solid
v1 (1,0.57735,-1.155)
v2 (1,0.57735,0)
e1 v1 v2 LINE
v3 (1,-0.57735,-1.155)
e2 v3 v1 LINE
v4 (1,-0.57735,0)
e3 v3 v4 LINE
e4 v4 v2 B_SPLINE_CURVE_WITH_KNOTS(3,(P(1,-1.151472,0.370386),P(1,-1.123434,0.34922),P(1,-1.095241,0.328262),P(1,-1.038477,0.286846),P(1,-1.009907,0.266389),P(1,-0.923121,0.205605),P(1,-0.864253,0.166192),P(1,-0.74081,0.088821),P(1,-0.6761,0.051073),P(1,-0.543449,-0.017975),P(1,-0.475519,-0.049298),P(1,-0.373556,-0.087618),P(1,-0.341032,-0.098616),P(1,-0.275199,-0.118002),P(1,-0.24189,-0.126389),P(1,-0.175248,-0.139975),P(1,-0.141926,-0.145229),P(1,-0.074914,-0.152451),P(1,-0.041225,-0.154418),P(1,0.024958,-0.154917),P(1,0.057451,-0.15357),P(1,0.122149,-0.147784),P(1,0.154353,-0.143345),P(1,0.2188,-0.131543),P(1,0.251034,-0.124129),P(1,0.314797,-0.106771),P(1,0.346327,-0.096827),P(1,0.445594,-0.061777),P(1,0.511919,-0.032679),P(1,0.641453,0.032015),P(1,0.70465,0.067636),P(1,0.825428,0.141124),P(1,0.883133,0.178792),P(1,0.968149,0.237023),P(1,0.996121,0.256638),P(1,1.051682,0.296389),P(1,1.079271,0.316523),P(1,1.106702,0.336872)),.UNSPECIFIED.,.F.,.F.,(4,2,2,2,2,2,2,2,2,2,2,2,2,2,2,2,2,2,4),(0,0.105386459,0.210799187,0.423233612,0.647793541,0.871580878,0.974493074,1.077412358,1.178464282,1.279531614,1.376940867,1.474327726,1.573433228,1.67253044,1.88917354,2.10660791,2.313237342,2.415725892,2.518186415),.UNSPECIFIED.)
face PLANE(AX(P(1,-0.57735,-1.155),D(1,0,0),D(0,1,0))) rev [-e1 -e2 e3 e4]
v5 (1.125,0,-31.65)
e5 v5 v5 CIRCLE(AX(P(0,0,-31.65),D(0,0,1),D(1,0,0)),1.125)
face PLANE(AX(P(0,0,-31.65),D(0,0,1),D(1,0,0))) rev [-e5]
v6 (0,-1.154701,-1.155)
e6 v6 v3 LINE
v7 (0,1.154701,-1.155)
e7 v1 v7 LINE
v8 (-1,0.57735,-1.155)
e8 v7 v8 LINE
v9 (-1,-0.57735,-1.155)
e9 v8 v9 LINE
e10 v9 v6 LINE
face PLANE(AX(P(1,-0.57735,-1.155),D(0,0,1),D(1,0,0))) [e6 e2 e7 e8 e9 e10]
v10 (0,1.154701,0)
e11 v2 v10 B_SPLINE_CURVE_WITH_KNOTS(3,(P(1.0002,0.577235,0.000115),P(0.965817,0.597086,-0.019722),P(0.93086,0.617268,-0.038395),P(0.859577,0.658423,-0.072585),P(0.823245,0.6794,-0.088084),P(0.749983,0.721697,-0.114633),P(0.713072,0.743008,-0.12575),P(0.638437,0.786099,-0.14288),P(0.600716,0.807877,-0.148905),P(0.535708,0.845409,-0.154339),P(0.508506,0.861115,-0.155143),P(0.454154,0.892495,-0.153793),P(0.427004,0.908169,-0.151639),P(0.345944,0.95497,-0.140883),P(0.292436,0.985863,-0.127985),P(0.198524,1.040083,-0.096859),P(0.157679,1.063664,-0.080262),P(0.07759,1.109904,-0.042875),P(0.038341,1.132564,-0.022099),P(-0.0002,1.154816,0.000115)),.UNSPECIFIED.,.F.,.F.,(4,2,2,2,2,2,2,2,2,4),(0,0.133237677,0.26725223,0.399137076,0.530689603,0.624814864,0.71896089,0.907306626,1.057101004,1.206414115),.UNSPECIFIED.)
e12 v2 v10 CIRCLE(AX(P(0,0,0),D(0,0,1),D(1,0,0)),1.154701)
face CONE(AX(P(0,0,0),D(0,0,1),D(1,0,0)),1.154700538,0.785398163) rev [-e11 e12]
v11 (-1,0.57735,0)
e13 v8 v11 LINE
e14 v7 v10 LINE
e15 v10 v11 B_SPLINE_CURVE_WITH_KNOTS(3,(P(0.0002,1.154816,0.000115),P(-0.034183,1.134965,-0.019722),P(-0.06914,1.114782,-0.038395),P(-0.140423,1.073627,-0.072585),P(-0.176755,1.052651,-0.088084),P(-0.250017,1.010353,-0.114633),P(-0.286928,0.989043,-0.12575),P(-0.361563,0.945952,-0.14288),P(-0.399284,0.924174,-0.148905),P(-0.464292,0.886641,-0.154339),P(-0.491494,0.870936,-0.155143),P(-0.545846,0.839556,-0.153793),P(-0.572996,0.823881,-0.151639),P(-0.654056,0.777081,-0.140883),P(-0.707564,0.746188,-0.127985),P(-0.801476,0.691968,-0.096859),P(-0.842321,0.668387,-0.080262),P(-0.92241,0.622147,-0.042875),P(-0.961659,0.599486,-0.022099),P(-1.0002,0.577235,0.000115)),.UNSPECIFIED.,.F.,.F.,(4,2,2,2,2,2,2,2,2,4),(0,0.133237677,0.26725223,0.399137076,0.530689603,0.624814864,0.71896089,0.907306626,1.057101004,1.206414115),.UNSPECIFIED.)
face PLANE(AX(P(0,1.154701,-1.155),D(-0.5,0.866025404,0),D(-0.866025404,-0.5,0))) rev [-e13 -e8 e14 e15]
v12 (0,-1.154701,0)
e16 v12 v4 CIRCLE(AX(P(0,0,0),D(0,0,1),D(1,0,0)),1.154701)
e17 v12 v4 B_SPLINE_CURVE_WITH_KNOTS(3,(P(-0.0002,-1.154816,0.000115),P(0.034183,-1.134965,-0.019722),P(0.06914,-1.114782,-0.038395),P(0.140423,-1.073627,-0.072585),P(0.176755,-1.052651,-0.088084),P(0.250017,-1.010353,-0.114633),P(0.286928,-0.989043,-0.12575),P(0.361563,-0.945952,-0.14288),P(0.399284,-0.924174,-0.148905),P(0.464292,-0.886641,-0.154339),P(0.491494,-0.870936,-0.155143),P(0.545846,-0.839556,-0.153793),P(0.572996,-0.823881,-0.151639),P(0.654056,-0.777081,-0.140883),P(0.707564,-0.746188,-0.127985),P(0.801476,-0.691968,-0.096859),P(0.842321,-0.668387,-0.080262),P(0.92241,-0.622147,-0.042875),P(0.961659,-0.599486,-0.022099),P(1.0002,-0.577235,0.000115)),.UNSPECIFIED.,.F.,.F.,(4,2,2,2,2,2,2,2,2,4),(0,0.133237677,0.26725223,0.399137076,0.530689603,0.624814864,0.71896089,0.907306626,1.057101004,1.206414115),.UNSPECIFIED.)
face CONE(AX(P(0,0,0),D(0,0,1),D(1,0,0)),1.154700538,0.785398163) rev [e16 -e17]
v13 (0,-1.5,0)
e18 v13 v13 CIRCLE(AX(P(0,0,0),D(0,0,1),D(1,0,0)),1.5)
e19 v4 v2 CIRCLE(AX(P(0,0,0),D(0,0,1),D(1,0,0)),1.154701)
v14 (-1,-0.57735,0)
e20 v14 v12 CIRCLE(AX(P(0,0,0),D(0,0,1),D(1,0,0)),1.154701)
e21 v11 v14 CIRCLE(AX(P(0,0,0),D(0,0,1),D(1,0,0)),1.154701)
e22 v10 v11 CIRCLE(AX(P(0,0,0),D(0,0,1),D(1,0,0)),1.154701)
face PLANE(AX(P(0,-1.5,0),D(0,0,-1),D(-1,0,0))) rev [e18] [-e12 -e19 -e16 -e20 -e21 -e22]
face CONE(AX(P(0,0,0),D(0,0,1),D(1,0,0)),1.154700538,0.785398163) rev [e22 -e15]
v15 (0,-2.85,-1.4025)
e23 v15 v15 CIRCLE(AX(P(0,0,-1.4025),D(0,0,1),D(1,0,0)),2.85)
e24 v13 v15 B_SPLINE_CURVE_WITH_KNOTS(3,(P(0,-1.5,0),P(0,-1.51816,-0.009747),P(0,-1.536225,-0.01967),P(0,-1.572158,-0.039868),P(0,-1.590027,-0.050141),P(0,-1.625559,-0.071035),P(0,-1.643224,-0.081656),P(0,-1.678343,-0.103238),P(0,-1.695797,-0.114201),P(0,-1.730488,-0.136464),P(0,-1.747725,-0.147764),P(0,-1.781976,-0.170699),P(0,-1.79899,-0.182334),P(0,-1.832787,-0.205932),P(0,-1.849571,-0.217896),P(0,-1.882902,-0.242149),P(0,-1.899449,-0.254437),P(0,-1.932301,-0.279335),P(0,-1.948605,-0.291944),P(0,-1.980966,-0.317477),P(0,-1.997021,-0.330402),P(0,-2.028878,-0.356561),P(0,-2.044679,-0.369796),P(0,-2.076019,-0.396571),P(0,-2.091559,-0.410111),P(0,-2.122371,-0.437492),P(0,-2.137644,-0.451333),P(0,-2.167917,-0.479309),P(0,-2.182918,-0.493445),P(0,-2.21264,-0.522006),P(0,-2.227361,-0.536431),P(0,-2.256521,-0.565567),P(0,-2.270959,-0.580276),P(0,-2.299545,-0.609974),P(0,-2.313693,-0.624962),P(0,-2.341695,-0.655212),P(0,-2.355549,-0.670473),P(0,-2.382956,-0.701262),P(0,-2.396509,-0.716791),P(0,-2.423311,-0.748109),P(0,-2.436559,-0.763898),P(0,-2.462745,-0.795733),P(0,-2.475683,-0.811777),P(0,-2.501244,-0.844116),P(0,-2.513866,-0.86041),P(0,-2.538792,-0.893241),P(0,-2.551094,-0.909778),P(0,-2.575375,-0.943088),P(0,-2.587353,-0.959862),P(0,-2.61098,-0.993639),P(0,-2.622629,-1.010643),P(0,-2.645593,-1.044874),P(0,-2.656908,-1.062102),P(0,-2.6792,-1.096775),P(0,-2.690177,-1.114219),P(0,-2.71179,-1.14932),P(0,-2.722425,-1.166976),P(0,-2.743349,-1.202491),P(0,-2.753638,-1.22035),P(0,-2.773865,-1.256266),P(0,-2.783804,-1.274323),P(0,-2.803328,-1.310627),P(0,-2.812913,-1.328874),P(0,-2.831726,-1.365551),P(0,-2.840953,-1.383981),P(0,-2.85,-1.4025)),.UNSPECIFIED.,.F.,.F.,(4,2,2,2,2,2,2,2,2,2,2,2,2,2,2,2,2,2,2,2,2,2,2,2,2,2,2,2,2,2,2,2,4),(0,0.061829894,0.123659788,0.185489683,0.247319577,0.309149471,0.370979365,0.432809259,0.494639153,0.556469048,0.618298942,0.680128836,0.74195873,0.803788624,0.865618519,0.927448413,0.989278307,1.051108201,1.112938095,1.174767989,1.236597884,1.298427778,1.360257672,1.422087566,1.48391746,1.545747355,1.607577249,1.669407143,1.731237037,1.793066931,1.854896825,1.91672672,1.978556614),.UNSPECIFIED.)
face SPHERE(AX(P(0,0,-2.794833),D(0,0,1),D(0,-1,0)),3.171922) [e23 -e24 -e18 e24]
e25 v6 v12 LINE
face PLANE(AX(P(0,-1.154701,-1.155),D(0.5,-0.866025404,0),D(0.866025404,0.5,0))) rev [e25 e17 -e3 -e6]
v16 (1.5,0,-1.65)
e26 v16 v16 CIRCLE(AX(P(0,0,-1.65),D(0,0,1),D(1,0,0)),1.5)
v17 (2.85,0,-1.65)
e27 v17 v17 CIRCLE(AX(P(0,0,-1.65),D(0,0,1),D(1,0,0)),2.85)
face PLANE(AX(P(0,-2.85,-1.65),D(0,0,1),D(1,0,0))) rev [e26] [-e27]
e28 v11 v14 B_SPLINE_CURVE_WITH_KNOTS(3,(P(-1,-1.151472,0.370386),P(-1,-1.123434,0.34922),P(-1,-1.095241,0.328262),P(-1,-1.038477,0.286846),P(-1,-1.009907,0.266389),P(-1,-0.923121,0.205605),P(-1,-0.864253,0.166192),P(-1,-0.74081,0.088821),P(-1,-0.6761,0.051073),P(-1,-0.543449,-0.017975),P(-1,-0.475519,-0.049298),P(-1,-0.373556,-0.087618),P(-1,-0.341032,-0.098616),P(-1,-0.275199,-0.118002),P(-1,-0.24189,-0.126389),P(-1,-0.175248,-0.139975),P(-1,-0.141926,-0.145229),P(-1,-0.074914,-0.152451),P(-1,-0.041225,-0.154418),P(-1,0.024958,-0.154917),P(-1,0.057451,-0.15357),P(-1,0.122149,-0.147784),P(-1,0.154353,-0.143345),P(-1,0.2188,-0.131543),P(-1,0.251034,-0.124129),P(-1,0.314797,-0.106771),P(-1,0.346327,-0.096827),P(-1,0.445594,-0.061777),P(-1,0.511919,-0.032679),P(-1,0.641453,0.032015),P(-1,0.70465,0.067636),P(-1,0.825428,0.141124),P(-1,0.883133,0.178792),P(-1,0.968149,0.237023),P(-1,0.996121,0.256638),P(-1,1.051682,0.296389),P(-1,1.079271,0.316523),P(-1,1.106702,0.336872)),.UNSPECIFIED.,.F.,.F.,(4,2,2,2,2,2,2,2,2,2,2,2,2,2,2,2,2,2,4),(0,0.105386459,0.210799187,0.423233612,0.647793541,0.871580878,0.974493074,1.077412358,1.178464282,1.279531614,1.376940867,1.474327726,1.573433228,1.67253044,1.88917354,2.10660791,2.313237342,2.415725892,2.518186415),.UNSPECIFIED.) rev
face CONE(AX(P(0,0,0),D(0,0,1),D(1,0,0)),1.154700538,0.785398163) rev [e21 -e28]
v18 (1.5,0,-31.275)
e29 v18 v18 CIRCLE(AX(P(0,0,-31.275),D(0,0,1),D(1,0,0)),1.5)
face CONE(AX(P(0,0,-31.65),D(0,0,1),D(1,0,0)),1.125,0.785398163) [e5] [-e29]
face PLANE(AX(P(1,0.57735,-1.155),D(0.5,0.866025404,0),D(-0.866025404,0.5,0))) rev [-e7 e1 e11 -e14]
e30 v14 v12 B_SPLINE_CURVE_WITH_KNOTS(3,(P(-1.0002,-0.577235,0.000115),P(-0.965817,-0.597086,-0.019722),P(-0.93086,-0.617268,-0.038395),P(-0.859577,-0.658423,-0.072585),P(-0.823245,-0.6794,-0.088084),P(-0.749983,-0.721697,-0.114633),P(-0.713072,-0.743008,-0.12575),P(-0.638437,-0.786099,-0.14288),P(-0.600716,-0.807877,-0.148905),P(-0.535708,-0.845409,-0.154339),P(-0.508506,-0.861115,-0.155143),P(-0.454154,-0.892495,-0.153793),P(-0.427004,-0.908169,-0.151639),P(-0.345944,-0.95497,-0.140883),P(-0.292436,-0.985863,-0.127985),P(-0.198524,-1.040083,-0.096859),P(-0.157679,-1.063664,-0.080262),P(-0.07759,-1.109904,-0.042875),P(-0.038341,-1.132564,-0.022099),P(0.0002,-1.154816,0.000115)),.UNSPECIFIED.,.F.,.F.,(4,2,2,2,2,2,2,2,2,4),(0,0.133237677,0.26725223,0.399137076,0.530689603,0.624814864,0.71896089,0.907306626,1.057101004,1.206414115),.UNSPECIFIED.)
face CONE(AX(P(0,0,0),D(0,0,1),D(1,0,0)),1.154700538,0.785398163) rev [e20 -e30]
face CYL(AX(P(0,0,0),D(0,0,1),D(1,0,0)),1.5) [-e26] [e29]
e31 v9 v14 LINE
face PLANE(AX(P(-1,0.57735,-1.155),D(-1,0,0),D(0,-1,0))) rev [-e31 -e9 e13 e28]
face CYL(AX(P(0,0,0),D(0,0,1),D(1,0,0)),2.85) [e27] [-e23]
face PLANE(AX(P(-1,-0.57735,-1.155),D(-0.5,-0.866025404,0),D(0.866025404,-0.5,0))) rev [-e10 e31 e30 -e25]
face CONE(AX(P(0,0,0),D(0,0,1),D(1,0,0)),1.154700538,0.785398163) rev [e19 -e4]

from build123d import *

# Parameters (mm, degrees)
CUT_EXTRUDE2_DEPTH = 1.155


with BuildPart() as part:
    # Sketch10 → Revolve3 (revolve)
    with BuildSketch(Plane(origin=(0, 0, 0), x_dir=(0, 0, -1), z_dir=(1, 0, 0))):
        Polygon((31.275, 1.5), (31.65, 1.125), (31.65, 0), (1.65, 0), (1.65, 1.5), align=None)
    revolve(axis=Axis((0, 0, 0), (0, 0, -1)))

    # Sketch7 → Revolve2 (revolve)
    with BuildSketch(Plane(origin=(0, 0, 0), x_dir=(0, 0, -1), z_dir=(1, 0, 0))):
        with BuildLine():
            Line((1.4025, 2.85), (1.65, 2.85))
            Line((1.65, 2.85), (1.65, 0))
            Line((1.65, 0), (0, 0))
            Line((0, 0), (0, 1.5))
            ThreePointArc((0, 1.5), (0.59512511, 2.285251969), (1.4025, 2.85))
        make_face()
    revolve(axis=Axis((0, 0, 0), (0, 0, -1)))

    # Sketch5 → Cut-Extrude2 (cut)
    with BuildSketch(Plane.XY):
        Polygon((1, -0.577350269), (1, 0.577350269), (0, 1.154700538), (-1, 0.577350269), (-1, -0.577350269), (0, -1.154700538), align=None)
    extrude(amount=-CUT_EXTRUDE2_DEPTH, mode=Mode.SUBTRACT)

    # Cut-Extrude3 cone 1 section (through the dimple's axis) → Cut-Extrude3 (revolve, cut)
    with BuildSketch(Plane(origin=(0, 0, 0), x_dir=(0, -1, 0), z_dir=(1, 0, 0))):
        Polygon((0, 0), (1.154700538, 0), (0, 1.154700538), align=None)
    revolve(axis=Axis((0, 0, 0), (0, 0, -1)), mode=Mode.SUBTRACT)


solid = part.part
